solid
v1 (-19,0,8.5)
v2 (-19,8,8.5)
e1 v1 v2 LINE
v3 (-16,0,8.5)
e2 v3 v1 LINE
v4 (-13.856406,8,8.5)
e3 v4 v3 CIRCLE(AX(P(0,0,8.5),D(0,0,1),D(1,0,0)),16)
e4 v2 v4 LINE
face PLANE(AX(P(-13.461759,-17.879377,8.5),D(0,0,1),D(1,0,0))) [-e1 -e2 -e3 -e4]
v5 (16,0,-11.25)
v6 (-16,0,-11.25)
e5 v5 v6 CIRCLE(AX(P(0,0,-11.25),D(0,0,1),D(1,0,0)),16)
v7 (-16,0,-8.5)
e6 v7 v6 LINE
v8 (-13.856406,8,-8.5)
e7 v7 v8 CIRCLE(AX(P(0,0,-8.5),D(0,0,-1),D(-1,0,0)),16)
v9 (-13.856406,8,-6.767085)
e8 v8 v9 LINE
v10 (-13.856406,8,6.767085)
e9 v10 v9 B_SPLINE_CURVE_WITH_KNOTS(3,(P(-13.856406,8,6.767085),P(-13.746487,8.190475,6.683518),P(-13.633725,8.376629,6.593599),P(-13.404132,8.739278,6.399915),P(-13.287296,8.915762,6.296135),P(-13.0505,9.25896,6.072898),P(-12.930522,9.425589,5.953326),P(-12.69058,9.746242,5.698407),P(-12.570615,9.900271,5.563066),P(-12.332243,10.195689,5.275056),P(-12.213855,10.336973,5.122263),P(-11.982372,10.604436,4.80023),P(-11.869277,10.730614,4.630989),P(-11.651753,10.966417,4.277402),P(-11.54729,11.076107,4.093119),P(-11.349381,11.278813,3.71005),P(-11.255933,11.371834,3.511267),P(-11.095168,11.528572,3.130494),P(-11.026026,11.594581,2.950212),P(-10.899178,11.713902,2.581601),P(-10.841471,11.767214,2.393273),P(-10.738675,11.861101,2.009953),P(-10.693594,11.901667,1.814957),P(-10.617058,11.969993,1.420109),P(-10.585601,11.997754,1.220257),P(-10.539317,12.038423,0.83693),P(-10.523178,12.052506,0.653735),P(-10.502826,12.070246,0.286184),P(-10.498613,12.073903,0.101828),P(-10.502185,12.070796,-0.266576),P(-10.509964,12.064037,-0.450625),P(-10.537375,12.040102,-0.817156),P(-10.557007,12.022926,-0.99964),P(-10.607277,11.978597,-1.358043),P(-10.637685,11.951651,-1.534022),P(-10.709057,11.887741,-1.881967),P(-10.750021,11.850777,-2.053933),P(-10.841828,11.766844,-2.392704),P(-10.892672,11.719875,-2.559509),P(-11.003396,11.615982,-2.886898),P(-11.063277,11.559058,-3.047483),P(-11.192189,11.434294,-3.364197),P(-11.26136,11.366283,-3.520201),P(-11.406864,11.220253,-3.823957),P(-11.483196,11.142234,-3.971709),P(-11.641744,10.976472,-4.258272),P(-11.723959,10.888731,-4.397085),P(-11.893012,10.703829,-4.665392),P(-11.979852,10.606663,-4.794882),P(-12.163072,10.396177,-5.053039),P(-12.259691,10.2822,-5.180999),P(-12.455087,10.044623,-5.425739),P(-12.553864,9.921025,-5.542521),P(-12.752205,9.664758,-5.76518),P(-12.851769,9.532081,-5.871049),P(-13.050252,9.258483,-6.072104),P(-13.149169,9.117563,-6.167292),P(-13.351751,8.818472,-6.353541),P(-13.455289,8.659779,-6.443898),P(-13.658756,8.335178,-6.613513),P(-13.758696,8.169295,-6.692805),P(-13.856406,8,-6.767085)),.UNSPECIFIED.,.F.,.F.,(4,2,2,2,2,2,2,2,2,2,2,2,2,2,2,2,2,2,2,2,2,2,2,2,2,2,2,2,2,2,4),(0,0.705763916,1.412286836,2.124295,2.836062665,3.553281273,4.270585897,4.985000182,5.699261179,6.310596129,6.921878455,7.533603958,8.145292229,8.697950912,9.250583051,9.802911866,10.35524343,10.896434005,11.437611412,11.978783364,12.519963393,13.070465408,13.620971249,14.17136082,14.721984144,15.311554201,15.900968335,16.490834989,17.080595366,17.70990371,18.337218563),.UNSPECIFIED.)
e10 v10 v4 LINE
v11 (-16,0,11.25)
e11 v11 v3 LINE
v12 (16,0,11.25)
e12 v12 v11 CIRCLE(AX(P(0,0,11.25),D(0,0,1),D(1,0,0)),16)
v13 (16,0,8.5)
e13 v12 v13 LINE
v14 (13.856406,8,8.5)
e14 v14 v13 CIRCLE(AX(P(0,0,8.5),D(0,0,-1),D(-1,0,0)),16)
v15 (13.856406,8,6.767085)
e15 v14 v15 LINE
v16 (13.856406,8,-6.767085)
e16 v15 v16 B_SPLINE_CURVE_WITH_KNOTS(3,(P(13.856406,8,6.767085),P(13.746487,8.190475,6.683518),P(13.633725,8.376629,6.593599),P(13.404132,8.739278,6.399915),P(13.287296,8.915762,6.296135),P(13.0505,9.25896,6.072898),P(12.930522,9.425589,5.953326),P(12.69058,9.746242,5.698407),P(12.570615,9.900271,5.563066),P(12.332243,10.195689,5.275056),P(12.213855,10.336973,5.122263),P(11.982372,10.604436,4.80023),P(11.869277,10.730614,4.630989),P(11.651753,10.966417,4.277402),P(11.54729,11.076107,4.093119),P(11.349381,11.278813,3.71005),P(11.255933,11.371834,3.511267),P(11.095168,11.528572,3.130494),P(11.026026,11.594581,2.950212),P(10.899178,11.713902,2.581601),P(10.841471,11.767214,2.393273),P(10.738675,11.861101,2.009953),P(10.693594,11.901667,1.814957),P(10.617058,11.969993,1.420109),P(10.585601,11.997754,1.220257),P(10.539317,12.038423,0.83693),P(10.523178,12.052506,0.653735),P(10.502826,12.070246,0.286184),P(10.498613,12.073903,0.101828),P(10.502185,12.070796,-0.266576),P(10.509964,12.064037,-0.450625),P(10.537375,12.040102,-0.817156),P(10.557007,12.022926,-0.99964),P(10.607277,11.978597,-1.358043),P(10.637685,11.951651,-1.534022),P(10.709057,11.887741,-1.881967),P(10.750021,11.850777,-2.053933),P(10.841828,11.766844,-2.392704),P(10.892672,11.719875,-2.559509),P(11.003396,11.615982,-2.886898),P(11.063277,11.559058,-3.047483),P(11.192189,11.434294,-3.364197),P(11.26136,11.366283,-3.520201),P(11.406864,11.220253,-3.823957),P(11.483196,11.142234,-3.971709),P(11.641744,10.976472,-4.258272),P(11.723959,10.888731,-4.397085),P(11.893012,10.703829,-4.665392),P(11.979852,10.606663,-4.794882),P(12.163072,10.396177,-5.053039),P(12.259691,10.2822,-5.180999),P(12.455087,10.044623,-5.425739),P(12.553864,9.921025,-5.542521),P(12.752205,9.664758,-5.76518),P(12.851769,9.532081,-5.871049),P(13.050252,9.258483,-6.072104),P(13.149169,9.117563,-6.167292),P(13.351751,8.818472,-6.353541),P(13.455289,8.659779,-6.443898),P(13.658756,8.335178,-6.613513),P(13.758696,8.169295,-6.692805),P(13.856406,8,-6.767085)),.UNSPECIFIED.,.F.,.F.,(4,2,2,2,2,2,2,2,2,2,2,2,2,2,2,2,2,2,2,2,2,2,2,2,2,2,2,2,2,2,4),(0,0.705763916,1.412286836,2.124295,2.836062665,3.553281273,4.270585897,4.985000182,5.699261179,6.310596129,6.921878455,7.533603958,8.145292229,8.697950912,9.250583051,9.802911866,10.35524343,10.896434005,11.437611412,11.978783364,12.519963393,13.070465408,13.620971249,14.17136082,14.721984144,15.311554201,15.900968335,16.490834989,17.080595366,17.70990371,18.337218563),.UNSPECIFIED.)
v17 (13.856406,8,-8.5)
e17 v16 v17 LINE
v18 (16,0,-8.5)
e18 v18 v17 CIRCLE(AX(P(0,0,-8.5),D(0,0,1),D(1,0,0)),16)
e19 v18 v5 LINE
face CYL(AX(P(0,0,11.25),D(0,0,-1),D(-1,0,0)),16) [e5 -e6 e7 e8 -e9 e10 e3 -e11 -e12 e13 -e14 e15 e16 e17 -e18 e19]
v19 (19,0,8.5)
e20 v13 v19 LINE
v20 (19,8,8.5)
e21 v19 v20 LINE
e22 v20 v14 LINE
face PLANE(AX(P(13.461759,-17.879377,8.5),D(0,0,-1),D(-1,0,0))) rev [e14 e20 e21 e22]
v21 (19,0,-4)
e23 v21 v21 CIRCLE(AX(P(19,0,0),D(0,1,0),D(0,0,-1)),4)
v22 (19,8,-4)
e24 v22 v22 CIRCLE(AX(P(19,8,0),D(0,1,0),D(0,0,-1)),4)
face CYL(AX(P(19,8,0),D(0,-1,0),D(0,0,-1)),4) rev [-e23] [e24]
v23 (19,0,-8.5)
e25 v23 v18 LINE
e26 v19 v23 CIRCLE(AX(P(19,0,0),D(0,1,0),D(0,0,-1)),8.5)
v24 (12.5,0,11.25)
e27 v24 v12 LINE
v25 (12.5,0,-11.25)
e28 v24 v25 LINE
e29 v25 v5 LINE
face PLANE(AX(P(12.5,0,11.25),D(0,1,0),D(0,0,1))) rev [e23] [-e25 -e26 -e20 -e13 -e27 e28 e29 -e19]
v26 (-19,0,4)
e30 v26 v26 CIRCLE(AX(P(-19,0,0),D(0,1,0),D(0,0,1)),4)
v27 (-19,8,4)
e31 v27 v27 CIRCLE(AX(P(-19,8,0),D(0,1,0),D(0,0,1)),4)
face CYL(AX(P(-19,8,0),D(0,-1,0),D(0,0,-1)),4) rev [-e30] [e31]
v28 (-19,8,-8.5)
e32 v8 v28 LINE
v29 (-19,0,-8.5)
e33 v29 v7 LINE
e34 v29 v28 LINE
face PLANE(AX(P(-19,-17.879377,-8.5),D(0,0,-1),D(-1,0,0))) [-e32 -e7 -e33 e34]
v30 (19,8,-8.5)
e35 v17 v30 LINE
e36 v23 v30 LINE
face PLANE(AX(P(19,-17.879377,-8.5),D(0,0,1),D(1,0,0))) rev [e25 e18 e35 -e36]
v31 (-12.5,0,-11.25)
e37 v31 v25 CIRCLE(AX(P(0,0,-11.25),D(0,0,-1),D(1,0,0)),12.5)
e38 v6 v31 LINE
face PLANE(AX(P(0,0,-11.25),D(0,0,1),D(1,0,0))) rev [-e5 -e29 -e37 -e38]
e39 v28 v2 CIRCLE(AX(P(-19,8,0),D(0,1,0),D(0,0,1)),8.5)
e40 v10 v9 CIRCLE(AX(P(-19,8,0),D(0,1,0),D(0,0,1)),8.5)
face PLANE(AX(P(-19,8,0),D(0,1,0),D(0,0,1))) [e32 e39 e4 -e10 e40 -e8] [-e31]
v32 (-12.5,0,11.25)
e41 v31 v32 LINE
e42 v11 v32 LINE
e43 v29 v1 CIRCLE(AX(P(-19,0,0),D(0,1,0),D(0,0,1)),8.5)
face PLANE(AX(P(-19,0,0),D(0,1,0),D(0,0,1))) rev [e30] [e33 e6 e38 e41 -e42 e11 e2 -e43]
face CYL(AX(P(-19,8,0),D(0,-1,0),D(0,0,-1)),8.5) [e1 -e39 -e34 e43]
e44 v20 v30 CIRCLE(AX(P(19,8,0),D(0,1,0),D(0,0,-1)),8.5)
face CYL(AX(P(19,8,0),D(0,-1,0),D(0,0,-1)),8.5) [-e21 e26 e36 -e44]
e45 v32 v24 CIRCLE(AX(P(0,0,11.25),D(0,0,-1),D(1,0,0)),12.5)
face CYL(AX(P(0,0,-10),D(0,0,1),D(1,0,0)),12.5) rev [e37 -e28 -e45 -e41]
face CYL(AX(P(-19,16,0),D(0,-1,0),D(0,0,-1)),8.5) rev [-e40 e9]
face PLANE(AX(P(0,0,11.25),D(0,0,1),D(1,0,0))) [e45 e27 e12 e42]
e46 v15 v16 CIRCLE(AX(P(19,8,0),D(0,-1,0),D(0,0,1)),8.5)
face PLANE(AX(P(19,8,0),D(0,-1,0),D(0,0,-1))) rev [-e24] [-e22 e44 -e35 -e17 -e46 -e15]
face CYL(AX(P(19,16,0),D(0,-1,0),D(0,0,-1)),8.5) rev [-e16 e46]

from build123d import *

# Parameters (mm, degrees)
SKETCH_4_R          = 8.5
SKETCH_4_R_2        = 4
EXTRUDE_1_DEPTH     = 8
EXTRUDE_1_2_DEPTH   = 8
SKETCH_5_R          = 12.5
CUT_EXTRUDE_1_DEPTH = 10
EXTRUDE_3_DEPTH     = 11.25
SKETCH_7_R          = 8.5
CUT_EXTRUDE_2_DEPTH = 31.770318642
EXTRUDE_START       = -8
EXTRUDE_4_DEPTH     = 8
SKETCH_9_R          = 4
CUT_EXTRUDE_3_DEPTH = 31.770318642


with BuildPart() as part:
    # 草图4 → 凸台-拉伸1 (new body)
    with BuildSketch(Plane(origin=(0, 0, 0), x_dir=(1, 0, 0), z_dir=(0, 1, 0))):
        with Locations(Location((-19, 0, 0), (0, 0, 270))):
            Circle(SKETCH_4_R)
        with Locations(Location((-19, 0, 0), (0, 0, 270))):
            Circle(SKETCH_4_R_2, mode=Mode.SUBTRACT)
    extrude(amount=EXTRUDE_1_DEPTH)


with BuildPart() as body_2:
    # 草图4 → Extrude 1 2 (new body)
    with BuildSketch(Plane(origin=(0, 0, 0), x_dir=(1, 0, 0), z_dir=(0, 1, 0))):
        with Locations(Location((19, 0, 0), (0, 0, 90))):
            Circle(SKETCH_4_R)
        with Locations(Location((19, 0, 0), (0, 0, 90))):
            Circle(SKETCH_4_R_2, mode=Mode.SUBTRACT)
    extrude(amount=EXTRUDE_1_2_DEPTH)


with BuildPart() as cut_extrude_1_tool:
    # 草图5 → 切除-拉伸1 (new, symmetric)
    with BuildSketch(Plane.XY):
        Circle(SKETCH_5_R)
    extrude(amount=CUT_EXTRUDE_1_DEPTH, both=True)


with BuildPart() as part_1:
    add(part.part)

    # 切除-拉伸1: cut by cut_extrude_1_tool
    add(cut_extrude_1_tool.part, mode=Mode.SUBTRACT)



with BuildPart() as body_2_1:
    add(body_2.part)

    # 切除-拉伸1: cut by cut_extrude_1_tool
    add(cut_extrude_1_tool.part, mode=Mode.SUBTRACT)


with BuildPart() as part_2:
    add(part_1.part)

    add(body_2_1.part)  # 凸台-拉伸3 merges body 2
    # 草图6 → 凸台-拉伸3 (add, symmetric)
    with BuildSketch(Plane.XY):
        with BuildLine():
            Line((-16, 0), (-12.5, 0))
            ThreePointArc((-12.5, 0), (0, 12.5), (12.5, 0))
            Line((12.5, 0), (16, 0))
            ThreePointArc((16, 0), (0, 16), (-16, 0))
        make_face()
    extrude(amount=EXTRUDE_3_DEPTH, both=True)

    # 草图7 → 切除-拉伸2 (cut, through all)
    with BuildSketch(Plane(origin=(0, 8, 0), x_dir=(1, 0, 0), z_dir=(0, 1, 0))):
        with Locations((-19, 0)):
            Circle(SKETCH_7_R)
    cut_extrude_2 = extrude(amount=CUT_EXTRUDE_2_DEPTH, mode=Mode.SUBTRACT)

    # 草图8 → 凸台-拉伸4 (add)
    with BuildSketch(Plane(origin=(0, 8, 0), x_dir=(1, 0, 0), z_dir=(0, 1, 0)).offset(EXTRUDE_START)):
        with BuildLine():
            Line((-19, -8.5), (-19, -4))
            ThreePointArc((-19, -4), (-15, 0), (-19, 4))
            Line((-19, 4), (-19, 8.5))
            Line((-19, 8.5), (-13.461758669, 8.5))
            Line((-13.461758669, 8.5), (-13.461758669, -8.5))
            Line((-13.461758669, -8.5), (-19, -8.5))
        make_face()
    extrude_4 = extrude(amount=EXTRUDE_4_DEPTH)

    # 草图9 → 切除-拉伸3 (cut, through all)
    with BuildSketch(Plane(origin=(0, 8, 0), x_dir=(1, 0, 0), z_dir=(0, 1, 0))):
        with Locations(Location((-19, 0, 0), (0, 0, 270))):
            Circle(SKETCH_9_R)
    cut_extrude_3 = extrude(amount=-CUT_EXTRUDE_3_DEPTH, mode=Mode.SUBTRACT)

    # 镜向1: 切除-拉伸2, 凸台-拉伸4, 切除-拉伸3 across plane
    add(cut_extrude_2.mirror(Plane(origin=(0, 0, 0), x_dir=(0, 0, 1), z_dir=(1, 0, 0))), mode=Mode.SUBTRACT)
    add(extrude_4.mirror(Plane(origin=(0, 0, 0), x_dir=(0, 0, 1), z_dir=(1, 0, 0))))
    add(cut_extrude_3.mirror(Plane(origin=(0, 0, 0), x_dir=(0, 0, 1), z_dir=(1, 0, 0))), mode=Mode.SUBTRACT)


solid = part_2.part
